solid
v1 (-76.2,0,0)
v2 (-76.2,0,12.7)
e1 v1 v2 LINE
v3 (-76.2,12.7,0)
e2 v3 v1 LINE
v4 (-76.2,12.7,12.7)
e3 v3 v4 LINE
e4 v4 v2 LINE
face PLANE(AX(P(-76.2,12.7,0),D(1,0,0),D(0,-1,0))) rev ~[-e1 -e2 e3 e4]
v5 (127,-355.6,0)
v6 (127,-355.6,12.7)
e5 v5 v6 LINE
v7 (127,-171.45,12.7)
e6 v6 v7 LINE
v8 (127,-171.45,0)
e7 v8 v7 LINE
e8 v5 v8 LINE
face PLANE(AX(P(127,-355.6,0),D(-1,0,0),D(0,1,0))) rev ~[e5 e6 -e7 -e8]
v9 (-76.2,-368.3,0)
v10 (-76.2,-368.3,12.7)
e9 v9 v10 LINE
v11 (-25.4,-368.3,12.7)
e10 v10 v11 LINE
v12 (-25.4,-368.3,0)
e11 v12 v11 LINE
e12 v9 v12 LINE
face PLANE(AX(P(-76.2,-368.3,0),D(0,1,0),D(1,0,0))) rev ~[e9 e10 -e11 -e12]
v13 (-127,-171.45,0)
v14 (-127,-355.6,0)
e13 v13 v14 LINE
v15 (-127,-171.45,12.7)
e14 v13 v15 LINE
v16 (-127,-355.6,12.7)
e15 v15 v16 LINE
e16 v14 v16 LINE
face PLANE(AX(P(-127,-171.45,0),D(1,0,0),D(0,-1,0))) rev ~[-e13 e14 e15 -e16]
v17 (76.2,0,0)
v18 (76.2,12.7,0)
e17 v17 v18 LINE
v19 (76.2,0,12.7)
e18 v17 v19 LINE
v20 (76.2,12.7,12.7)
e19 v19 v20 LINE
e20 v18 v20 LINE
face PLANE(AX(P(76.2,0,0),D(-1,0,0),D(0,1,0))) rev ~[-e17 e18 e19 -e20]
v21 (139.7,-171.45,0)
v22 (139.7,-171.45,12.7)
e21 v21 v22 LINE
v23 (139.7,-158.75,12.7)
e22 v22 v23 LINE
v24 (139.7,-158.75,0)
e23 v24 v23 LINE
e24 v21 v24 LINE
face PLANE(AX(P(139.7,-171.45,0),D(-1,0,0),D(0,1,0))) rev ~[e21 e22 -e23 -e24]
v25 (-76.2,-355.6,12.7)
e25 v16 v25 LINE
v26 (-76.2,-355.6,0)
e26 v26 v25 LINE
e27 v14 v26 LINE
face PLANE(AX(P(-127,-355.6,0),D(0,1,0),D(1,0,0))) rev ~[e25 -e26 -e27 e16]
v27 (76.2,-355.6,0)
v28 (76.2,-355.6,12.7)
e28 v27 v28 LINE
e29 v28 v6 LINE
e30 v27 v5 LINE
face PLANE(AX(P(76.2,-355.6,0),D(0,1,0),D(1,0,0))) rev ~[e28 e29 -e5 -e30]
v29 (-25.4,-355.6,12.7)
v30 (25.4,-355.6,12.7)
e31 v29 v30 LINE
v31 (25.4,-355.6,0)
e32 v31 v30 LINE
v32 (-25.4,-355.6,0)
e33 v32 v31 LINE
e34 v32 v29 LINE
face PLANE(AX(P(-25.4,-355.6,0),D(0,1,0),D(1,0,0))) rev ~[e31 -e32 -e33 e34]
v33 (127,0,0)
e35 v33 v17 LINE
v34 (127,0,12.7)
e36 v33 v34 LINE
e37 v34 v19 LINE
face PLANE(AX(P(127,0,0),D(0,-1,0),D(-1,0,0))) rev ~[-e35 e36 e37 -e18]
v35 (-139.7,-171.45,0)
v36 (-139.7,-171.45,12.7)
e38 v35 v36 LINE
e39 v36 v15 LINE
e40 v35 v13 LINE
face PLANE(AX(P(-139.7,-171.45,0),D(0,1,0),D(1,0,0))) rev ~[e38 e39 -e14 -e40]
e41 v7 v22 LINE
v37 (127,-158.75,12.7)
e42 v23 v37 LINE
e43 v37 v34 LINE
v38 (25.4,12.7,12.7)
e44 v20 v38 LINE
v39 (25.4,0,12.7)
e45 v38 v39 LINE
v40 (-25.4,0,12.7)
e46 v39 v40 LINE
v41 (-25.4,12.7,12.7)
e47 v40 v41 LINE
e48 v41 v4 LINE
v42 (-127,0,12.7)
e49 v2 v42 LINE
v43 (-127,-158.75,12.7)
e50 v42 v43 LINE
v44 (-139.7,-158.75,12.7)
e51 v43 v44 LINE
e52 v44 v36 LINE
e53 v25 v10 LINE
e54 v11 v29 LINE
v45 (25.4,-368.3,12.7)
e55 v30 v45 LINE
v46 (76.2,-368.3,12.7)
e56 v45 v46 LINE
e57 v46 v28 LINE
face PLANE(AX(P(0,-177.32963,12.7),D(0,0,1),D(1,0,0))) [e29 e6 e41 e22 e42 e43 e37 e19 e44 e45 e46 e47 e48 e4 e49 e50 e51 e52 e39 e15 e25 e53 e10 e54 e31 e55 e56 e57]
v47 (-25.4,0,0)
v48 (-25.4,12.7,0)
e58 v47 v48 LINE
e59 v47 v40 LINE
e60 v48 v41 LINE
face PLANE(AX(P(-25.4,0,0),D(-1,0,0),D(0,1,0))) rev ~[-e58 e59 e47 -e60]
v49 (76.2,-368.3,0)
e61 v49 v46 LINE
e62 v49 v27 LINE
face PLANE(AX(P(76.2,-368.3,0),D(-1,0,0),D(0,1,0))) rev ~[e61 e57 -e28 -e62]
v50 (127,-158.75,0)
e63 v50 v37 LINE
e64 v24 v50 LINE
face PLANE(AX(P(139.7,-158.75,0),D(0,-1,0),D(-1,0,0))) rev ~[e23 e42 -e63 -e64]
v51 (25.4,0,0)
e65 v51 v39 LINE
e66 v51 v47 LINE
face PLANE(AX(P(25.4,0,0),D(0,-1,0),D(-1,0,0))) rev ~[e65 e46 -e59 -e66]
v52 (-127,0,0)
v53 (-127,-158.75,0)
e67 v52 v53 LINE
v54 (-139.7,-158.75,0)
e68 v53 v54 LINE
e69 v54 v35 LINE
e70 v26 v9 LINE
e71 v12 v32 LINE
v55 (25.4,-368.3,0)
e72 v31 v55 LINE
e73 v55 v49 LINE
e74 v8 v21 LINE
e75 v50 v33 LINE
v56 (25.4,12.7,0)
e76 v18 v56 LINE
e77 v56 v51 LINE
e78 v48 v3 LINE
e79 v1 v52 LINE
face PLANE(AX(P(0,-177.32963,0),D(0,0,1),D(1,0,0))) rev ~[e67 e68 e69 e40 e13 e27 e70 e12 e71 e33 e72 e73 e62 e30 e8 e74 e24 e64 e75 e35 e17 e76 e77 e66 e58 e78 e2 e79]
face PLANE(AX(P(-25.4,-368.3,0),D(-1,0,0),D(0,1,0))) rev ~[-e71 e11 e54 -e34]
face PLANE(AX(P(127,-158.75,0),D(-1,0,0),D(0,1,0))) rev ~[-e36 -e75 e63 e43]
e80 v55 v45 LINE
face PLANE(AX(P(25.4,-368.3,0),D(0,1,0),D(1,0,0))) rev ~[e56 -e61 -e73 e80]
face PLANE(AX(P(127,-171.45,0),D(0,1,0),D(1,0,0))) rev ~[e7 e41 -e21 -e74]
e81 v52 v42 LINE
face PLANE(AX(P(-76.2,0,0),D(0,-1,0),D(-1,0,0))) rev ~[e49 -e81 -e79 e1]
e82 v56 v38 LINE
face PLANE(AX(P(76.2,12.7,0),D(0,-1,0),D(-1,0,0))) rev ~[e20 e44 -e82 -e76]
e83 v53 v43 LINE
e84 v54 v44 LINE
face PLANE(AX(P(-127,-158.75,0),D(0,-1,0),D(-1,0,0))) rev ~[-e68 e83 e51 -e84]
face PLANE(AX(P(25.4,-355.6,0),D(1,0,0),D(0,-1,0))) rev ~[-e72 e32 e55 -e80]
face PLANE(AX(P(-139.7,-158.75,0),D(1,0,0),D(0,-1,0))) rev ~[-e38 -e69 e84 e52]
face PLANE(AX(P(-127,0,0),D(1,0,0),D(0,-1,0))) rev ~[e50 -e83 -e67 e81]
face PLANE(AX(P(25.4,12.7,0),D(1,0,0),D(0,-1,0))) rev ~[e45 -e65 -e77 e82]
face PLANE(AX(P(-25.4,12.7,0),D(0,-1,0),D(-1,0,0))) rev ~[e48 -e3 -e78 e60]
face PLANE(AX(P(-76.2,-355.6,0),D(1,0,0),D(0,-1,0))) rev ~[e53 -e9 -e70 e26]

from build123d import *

# Parameters (mm, degrees)
F1_DEPTH = 12.7


with BuildPart() as f1:
    # F0 (on Top) → F1 (new body)
    with BuildSketch(Plane.XY):
        Polygon((-25.4, 12.7), (-76.2, 12.7), (-76.2, 0), (-127, 0), (-127, -158.75), (-139.7, -158.75), (-139.7, -171.45), (-127, -171.45), (-127, -355.6), (-76.2, -355.6), (-76.2, -368.3), (-25.4, -368.3), (-25.4, -355.6), (25.4, -355.6), (25.4, -368.3), (76.2, -368.3), (76.2, -355.6), (127, -355.6), (127, -171.45), (139.7, -171.45), (139.7, -158.75), (127, -158.75), (127, 0), (76.2, 0), (76.2, 12.7), (25.4, 12.7), (25.4, 0), (-25.4, 0), align=None)
    extrude(amount=F1_DEPTH)


solid = f1.part
